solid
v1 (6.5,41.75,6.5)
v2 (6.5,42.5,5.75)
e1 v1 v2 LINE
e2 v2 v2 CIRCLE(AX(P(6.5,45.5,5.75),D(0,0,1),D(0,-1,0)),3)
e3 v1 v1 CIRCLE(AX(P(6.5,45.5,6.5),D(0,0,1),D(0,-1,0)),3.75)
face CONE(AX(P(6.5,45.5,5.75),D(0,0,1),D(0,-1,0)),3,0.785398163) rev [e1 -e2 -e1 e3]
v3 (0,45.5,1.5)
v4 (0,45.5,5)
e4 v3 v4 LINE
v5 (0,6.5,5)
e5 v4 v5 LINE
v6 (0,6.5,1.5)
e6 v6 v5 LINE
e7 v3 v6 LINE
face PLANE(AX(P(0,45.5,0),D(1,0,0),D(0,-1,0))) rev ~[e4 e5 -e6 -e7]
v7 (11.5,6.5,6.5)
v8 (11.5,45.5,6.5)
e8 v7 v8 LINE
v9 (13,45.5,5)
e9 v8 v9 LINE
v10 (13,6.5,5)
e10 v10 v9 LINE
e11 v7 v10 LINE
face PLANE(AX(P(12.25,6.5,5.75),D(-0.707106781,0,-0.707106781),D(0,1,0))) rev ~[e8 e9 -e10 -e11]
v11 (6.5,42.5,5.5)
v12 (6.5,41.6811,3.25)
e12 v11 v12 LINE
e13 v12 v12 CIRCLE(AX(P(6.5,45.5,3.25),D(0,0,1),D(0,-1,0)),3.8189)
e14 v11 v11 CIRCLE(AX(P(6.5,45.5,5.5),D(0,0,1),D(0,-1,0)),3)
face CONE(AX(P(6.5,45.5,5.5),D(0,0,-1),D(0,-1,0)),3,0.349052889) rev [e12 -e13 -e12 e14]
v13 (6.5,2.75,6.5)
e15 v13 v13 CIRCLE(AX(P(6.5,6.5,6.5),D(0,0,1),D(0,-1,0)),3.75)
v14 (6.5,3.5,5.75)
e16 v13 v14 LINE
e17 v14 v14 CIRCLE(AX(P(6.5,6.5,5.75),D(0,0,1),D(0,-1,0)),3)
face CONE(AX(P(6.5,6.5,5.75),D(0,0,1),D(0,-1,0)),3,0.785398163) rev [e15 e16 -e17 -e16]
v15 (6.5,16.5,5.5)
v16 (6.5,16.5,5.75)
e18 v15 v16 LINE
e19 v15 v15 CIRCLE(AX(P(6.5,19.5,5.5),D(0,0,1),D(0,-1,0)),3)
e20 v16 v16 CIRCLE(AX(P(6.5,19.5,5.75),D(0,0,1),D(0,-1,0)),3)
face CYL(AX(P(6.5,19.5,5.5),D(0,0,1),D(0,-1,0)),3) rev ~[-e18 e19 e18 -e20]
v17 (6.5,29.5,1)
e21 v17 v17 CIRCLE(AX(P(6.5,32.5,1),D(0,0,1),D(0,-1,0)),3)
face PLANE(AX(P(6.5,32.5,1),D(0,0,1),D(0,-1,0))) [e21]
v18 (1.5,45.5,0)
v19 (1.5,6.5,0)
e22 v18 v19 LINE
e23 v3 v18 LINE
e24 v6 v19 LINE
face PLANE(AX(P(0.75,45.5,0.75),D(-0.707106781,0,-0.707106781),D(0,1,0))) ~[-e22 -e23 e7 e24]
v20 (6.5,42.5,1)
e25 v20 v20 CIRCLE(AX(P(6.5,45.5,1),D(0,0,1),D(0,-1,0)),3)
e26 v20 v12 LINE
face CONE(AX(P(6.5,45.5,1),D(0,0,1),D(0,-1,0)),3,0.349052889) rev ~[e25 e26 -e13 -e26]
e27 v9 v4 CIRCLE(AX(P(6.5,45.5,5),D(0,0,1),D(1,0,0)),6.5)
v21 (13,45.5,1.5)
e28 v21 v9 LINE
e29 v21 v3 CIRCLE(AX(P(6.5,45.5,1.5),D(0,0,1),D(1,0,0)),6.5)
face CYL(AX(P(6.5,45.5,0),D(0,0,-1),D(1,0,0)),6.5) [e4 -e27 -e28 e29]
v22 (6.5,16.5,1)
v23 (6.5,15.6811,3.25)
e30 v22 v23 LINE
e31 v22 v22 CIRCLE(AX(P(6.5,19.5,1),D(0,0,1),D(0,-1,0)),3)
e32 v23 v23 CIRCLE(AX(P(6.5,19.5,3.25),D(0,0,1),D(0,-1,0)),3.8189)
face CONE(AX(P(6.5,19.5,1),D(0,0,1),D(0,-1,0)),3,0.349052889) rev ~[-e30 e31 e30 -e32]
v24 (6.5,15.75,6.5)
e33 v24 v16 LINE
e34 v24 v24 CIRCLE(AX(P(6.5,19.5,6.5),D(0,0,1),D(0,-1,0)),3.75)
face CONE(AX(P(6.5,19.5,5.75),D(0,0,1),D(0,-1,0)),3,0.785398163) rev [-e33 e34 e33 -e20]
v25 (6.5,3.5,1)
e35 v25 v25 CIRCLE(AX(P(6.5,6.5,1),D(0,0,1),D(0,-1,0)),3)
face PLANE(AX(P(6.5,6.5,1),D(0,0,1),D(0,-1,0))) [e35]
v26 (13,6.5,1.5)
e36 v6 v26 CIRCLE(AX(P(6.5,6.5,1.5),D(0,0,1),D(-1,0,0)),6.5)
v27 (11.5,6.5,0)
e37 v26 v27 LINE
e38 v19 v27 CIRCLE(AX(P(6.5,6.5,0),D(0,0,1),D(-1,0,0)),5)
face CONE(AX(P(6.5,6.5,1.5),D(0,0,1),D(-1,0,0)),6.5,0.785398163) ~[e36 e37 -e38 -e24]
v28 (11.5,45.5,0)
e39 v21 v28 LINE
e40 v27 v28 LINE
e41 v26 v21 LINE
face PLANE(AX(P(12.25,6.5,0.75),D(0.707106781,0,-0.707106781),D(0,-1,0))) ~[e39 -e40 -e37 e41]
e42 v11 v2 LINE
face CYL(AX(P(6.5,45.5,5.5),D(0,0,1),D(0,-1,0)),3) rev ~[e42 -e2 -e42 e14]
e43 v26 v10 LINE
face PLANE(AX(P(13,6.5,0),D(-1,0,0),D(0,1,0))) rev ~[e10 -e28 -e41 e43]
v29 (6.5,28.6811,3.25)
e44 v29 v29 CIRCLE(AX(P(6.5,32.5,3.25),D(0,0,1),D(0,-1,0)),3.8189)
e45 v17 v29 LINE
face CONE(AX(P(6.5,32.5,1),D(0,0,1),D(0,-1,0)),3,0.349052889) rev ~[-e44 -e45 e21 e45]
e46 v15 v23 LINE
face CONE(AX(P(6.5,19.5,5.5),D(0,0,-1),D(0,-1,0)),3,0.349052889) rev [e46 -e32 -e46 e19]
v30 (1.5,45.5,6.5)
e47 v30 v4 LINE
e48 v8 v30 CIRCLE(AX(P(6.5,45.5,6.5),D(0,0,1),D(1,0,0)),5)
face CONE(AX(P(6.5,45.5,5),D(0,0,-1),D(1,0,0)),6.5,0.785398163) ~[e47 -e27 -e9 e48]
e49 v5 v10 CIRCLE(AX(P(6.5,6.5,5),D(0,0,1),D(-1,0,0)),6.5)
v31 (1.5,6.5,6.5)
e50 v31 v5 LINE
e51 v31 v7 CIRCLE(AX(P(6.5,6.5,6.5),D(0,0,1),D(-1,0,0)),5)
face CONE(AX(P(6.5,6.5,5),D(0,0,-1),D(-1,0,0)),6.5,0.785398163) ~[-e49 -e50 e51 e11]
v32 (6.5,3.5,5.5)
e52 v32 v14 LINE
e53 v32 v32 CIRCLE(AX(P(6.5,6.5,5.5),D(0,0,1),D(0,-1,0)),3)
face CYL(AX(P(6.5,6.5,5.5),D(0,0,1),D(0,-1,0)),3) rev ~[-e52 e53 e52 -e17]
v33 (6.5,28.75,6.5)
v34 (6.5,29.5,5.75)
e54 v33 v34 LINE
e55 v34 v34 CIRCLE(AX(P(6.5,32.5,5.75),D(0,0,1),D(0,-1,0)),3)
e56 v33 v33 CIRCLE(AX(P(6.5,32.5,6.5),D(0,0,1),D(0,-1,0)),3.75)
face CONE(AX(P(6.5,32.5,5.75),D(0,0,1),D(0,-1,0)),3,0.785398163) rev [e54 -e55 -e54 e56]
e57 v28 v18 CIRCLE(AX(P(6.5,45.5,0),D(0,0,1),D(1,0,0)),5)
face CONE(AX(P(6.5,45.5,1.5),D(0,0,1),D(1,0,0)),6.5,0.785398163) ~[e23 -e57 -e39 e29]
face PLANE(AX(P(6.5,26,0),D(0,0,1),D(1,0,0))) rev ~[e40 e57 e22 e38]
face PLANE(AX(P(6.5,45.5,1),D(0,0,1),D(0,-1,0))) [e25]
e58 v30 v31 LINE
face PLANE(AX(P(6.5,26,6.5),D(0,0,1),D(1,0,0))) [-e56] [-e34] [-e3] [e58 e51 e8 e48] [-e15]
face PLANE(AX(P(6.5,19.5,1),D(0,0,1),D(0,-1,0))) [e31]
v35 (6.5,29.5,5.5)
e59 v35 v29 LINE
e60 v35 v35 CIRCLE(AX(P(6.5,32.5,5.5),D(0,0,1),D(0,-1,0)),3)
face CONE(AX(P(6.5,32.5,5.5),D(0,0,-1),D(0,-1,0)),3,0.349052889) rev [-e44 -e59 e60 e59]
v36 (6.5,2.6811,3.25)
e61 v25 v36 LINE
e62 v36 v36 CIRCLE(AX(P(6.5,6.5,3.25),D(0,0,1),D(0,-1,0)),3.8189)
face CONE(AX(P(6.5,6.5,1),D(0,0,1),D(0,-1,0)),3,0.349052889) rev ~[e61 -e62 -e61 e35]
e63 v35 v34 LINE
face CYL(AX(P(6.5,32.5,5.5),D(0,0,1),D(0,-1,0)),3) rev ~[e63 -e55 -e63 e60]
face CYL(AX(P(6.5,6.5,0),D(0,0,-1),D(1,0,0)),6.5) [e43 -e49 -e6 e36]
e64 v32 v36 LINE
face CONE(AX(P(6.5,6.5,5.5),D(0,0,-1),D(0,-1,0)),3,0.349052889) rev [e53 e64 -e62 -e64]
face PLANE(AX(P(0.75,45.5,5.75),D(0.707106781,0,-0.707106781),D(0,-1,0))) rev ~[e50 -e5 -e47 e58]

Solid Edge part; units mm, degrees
sketch "Sketch1" plane through (0, 0, 0) normal (0, 0, 1) x (1, 0, 0)
  line L0 (0, 45.5) -> (0, 6.5)
  line L1 (13, 6.5) -> (13, 45.5)
  arc A0 (13, 6.5) -> (0, 6.5) centre (6.5, 6.5) cw
  arc A1 (0, 45.5) -> (13, 45.5) centre (6.5, 45.5) cw
extrude "Protrusion1" add sketch "Sketch1" along normal blind 6.5
sketch "Sketch2" plane through (6.5, 0, 0) normal (1, 0, 0) x (0, 1, 0)
  line L0 (3.5, 5.5) -> (3.5, 6.5)
  line L1 (3.5, 6.5) -> (6.5, 6.5)
  line L2 (6.5, 1) -> (6.5, 6.5)
  line L3 (3.5, 1) -> (6.5, 1)
  line L4 (3.5, 1) -> (2.6811, 3.25)
  line L5 (3.5, 5.5) -> (2.6811, 3.25)
revolve "RevolvedCutout1" cut sketch "Sketch2" angle 360 about axis through (6.5, 6.5, 1) along (0, 0, 1)
chamfer "Chaflán_38" distance 0.75 angle 45 1 edges at (6.5, 3.5, 6.5)
pattern_linear "Pattern1" count 4 spacing 13 along (0, 1, 0) of "RevolvedCutout1", "Chaflán_38"
chamfer "Chaflán_39" distance 1.5 angle 45 8 edges at (13, 26, 6.5) (6.5, 0, 6.5) (0, 26, 6.5) (6.5, 52, 6.5) (13, 26, 0) (6.5, 0, 0) (0, 26, 0) (6.5, 52, 0)
